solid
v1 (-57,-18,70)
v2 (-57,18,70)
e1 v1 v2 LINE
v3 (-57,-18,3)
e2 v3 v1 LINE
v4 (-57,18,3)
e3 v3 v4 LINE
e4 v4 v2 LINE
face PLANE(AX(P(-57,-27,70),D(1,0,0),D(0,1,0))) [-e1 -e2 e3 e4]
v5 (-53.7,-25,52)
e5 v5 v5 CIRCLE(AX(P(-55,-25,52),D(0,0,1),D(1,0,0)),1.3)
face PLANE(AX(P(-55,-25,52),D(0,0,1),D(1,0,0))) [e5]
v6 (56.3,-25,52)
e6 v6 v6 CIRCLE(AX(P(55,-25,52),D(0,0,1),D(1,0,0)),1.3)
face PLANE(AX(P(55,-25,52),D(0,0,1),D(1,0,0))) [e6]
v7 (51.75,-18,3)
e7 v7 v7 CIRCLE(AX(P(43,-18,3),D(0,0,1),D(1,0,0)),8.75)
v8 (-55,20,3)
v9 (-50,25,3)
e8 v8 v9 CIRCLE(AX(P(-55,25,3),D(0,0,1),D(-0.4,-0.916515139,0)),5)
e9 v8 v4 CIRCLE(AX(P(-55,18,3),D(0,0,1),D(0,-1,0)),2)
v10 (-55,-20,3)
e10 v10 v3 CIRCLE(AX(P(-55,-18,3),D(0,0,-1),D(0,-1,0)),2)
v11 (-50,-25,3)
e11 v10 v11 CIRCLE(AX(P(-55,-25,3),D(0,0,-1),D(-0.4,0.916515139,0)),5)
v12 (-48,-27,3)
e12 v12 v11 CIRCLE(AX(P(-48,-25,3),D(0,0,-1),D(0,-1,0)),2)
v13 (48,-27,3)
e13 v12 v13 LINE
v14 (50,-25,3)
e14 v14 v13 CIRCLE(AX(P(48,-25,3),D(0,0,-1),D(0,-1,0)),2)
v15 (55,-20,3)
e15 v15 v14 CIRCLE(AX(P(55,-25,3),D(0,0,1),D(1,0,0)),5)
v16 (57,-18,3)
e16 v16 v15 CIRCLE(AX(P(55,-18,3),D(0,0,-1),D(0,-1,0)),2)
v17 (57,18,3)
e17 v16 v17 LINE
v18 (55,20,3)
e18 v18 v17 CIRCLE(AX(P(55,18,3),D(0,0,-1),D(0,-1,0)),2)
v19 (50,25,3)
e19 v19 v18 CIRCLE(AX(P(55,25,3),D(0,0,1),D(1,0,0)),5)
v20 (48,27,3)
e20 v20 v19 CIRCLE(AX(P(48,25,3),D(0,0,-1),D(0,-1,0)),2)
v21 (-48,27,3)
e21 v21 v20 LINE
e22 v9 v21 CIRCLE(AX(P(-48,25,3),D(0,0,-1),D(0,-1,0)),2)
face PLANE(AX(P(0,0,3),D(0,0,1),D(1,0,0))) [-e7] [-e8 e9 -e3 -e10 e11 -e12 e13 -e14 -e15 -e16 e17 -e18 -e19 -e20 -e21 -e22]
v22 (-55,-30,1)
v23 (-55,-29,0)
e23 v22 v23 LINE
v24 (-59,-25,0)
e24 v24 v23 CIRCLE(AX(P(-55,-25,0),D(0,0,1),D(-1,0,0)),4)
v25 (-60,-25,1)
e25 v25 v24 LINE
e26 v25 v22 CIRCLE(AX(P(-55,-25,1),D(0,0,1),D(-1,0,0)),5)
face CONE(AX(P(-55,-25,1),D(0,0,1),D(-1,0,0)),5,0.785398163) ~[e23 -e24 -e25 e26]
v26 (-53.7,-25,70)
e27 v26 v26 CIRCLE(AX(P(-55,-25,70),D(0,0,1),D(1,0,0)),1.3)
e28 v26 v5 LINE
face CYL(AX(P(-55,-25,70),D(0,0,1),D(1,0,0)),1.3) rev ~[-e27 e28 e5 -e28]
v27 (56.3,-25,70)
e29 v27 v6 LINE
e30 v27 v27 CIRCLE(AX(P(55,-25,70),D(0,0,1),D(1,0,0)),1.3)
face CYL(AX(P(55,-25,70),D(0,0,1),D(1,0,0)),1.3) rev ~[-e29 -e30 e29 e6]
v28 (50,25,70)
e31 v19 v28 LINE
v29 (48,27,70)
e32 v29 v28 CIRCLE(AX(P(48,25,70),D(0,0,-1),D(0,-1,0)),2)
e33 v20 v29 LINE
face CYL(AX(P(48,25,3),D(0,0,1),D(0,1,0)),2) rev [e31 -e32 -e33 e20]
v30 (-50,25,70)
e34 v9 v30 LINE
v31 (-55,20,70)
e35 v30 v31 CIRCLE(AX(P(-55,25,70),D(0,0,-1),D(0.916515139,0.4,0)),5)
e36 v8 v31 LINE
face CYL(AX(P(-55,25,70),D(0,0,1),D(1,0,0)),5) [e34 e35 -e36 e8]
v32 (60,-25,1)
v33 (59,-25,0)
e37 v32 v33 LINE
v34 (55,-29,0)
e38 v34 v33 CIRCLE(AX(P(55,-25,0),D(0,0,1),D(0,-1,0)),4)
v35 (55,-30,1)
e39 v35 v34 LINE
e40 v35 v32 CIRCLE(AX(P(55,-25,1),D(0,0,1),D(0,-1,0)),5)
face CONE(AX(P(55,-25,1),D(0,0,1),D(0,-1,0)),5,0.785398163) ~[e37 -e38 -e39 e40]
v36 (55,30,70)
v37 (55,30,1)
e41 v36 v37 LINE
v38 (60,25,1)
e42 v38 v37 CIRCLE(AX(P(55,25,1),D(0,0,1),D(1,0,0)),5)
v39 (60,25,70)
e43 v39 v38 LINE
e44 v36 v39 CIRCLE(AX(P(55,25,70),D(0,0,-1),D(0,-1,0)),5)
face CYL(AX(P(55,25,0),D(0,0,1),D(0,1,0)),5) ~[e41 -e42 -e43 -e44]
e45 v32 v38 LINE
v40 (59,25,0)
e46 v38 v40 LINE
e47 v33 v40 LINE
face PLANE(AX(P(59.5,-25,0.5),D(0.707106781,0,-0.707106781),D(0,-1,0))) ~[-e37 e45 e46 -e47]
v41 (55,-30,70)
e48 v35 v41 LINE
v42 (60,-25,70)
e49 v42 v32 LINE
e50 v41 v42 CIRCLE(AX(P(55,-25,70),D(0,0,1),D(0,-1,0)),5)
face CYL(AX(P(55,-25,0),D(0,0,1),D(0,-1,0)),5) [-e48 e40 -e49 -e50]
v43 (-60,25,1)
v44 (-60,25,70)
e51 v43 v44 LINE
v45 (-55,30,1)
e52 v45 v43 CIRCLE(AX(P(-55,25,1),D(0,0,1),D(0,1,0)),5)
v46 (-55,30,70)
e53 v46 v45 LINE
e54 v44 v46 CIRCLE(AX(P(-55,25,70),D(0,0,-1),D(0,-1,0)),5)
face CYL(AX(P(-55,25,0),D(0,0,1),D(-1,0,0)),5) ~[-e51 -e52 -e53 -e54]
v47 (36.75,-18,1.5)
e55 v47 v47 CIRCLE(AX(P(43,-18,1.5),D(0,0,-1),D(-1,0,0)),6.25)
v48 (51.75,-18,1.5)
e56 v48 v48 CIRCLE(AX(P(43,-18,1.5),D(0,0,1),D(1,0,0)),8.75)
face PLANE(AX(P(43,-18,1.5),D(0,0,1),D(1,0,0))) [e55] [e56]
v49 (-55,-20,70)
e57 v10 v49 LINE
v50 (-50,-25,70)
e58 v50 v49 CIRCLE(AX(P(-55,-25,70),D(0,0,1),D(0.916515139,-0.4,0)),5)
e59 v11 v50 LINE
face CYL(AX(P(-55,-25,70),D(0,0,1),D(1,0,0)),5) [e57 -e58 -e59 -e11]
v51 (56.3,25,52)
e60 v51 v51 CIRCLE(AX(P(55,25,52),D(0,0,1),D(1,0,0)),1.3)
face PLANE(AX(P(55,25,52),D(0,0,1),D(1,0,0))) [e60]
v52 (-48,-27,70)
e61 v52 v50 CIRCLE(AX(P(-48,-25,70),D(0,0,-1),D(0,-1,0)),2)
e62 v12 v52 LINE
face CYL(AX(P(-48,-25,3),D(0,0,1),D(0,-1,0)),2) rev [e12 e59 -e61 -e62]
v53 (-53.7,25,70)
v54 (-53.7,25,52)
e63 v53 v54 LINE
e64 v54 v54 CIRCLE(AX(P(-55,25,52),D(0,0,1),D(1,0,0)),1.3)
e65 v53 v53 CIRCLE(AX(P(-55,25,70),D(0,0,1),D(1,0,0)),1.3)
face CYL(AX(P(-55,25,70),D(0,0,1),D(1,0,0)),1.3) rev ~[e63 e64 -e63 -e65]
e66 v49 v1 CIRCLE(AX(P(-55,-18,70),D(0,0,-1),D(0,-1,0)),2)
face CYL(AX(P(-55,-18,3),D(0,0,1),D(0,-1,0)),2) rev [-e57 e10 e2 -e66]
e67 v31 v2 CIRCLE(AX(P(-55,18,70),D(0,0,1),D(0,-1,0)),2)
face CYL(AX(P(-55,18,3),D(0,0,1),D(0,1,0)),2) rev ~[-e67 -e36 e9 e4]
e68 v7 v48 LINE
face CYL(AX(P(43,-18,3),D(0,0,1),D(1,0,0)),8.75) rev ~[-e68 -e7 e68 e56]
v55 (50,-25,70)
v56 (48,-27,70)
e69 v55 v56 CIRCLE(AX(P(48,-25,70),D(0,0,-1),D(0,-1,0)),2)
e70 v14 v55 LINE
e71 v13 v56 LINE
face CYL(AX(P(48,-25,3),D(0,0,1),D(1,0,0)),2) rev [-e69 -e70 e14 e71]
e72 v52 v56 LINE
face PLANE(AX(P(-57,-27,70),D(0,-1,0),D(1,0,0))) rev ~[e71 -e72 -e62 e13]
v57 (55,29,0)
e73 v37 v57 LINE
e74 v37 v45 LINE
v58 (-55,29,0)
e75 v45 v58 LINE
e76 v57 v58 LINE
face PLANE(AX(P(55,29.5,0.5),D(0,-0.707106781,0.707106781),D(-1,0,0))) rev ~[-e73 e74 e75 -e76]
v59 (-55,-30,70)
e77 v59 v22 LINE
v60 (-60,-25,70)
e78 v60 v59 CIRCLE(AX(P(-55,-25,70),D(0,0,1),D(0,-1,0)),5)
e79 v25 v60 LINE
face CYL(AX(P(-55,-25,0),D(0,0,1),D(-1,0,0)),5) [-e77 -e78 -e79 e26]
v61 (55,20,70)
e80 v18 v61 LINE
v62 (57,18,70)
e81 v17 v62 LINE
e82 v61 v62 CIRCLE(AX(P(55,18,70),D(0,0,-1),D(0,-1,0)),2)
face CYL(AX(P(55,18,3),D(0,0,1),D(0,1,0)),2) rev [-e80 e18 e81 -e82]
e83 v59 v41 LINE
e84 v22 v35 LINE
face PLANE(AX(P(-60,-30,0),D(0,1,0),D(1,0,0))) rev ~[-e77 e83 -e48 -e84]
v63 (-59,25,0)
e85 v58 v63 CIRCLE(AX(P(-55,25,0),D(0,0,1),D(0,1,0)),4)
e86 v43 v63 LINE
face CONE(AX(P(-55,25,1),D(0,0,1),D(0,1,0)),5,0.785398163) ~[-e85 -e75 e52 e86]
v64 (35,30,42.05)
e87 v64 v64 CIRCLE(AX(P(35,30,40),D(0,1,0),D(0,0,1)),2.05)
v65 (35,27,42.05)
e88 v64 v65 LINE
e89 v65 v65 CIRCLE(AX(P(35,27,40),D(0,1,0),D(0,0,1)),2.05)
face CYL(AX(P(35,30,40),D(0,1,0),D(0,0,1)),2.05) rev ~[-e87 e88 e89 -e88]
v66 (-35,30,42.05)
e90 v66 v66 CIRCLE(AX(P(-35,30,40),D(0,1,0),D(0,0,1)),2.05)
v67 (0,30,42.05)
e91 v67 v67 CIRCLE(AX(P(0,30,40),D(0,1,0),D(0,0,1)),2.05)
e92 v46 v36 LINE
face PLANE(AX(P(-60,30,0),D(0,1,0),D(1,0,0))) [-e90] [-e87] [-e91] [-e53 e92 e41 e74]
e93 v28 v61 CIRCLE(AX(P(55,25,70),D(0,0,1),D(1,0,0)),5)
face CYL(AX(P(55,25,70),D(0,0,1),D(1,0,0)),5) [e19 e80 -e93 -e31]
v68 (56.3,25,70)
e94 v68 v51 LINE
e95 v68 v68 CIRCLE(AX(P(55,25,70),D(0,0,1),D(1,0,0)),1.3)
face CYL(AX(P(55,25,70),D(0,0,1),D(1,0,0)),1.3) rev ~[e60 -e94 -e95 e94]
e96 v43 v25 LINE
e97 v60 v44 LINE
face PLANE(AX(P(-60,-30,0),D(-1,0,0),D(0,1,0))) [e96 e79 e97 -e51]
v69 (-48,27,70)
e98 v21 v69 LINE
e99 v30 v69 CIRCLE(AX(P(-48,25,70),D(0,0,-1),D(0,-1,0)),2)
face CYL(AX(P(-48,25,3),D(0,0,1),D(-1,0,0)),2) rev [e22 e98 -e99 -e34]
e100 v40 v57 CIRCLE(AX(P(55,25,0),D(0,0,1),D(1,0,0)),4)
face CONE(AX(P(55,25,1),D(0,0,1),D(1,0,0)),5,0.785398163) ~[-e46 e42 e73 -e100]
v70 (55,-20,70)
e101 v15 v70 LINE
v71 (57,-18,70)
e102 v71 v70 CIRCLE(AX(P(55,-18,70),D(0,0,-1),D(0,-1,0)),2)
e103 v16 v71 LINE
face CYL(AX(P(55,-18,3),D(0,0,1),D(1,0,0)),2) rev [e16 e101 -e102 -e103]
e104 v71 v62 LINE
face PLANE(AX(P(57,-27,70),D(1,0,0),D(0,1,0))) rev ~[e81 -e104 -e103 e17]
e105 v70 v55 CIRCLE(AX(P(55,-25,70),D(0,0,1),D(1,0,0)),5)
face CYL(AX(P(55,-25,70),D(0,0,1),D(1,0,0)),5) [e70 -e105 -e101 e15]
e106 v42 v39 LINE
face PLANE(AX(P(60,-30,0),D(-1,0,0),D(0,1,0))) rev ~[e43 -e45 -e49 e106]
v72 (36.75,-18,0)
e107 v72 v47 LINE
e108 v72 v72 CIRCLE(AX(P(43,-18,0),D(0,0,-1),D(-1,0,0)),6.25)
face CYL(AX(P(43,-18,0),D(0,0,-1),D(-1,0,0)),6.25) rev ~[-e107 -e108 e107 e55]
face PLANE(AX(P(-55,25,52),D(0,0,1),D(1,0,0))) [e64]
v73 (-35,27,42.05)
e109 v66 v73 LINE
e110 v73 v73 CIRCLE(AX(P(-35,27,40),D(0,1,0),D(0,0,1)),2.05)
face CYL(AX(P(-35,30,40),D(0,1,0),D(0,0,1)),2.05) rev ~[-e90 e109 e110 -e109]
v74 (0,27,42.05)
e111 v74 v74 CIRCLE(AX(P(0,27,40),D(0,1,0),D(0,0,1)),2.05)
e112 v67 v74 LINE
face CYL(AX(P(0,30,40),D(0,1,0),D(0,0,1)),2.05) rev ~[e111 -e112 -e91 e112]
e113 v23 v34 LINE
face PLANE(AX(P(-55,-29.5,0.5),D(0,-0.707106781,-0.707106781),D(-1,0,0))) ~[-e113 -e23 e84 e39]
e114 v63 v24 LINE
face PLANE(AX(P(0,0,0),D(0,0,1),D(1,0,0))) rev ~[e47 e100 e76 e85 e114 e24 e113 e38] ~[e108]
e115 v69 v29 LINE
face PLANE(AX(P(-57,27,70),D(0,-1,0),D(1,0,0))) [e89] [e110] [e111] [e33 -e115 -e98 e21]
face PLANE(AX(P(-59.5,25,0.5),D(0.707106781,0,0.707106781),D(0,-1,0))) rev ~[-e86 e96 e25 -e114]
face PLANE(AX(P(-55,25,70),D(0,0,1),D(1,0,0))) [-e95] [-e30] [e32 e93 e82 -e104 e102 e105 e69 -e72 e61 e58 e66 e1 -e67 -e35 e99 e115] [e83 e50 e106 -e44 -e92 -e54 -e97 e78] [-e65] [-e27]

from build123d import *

# Parameters (mm, degrees)
SKETCH1_W           = 120
SKETCH1_H           = 60
BOSS_EXTRUDE1_DEPTH = 70
SKETCH2_W           = 114
SKETCH2_H           = 54
CUT_EXTRUDE1_DEPTH  = 67
FILLET3_R           = 5
FILLET4_R           = 2
SKETCH4_R           = 5
BOSS_EXTRUDE3_DEPTH = 67
FILLET5_R           = 2
SKETCH5_R           = 1.3
CUT_EXTRUDE2_DEPTH  = 18
SKETCH6_R           = 2.05
CUT_EXTRUDE3_DEPTH  = 3
CHAMFER2_SIZE       = 1
SKETCH7_R           = 6.25
CUT_EXTRUDE4_DEPTH  = 97.953597148
SKETCH8_R           = 8.75
CUT_EXTRUDE5_DEPTH  = 1.5


with BuildPart() as part:
    # Sketch1 → Boss-Extrude1 (new body)
    with BuildSketch(Plane.XY):
        Rectangle(SKETCH1_W, SKETCH1_H)
    extrude(amount=BOSS_EXTRUDE1_DEPTH)

    # Sketch2 → Cut-Extrude1 (cut)
    with BuildSketch(Plane.XY.offset(70)):
        Rectangle(SKETCH2_W, SKETCH2_H)
    extrude(amount=-CUT_EXTRUDE1_DEPTH, mode=Mode.SUBTRACT)

    # Fillet3
    fillet3_edges = [part.edges().sort_by_distance(p)[0] for p in [
        (60, -30, 35),
        (-60, -30, 35),
        (-60, 30, 35),
        (60, 30, 35),
    ]]
    fillet(fillet3_edges, radius=FILLET3_R)

    # Fillet4
    fillet4_edges = [part.edges().sort_by_distance(p)[0] for p in [
        (57, 27, 36.5),
        (57, -27, 36.5),
        (-57, -27, 36.5),
        (-57, 27, 36.5),
    ]]
    fillet(fillet4_edges, radius=FILLET4_R)

    # Sketch4 → Boss-Extrude3 (add)
    with BuildSketch(Plane.XY.offset(70)):
        with Locations((-55, 25)):
            Circle(SKETCH4_R)
        with Locations((55, 25)):
            Circle(SKETCH4_R)
        with Locations((55, -25)):
            Circle(SKETCH4_R)
        with Locations((-55, -25)):
            Circle(SKETCH4_R)
    extrude(amount=-BOSS_EXTRUDE3_DEPTH)

    # Fillet5
    fillet5_edges = [part.edges().sort_by_distance(p)[0] for p in [
        (-50.417424305, -27, 36.5),
        (-57, -20.417424305, 36.5),
        (57, -20.417424305, 36.5),
        (50.417424305, -27, 36.5),
        (50.417424305, 27, 36.5),
        (57, 20.417424305, 36.5),
        (-57, 20.417424305, 36.5),
        (-50.417424305, 27, 36.5),
    ]]
    fillet(fillet5_edges, radius=FILLET5_R)

    # Sketch5 → Cut-Extrude2 (cut)
    with BuildSketch(Plane.XY.offset(70)):
        with Locations((-55, 25)):
            Circle(SKETCH5_R)
        with Locations((55, 25)):
            Circle(SKETCH5_R)
        with Locations((55, -25)):
            Circle(SKETCH5_R)
        with Locations((-55, -25)):
            Circle(SKETCH5_R)
    extrude(amount=-CUT_EXTRUDE2_DEPTH, mode=Mode.SUBTRACT)

    # Sketch6 → Cut-Extrude3 (cut)
    with BuildSketch(Plane(origin=(0, 30, 0), x_dir=(1, 0, 0), z_dir=(0, 1, 0))):
        with Locations(Location((0, -40, 0), (0, 0, 270))):
            Circle(SKETCH6_R)
        with Locations(Location((35, -40, 0), (0, 0, 270))):
            Circle(SKETCH6_R)
        with Locations(Location((-35, -40, 0), (0, 0, 270))):
            Circle(SKETCH6_R)
    extrude(amount=-CUT_EXTRUDE3_DEPTH, mode=Mode.SUBTRACT)

    # Chamfer2
    chamfer2_edges = [part.edges().sort_by_distance(p)[0] for p in [
        (0, -30, 0),
        (60, 0, 0),
        (-60, 0, 0),
        (0, 30, 0),
        (-58.535533906, 28.535533906, 0),
        (58.535533906, 28.535533906, 0),
        (58.535533906, -28.535533906, 0),
        (-58.535533906, -28.535533906, 0),
    ]]
    chamfer(chamfer2_edges, length=CHAMFER2_SIZE)

    # Sketch7 → Cut-Extrude4 (cut, through all)
    with BuildSketch(Plane(origin=(0, 0, 0), x_dir=(-1, 0, 0), z_dir=(0, 0, -1))):
        with Locations((-43, -18)):
            Circle(SKETCH7_R)
    extrude(amount=-CUT_EXTRUDE4_DEPTH, mode=Mode.SUBTRACT)

    # Sketch8 → Cut-Extrude5 (cut)
    with BuildSketch(Plane.XY.offset(3)):
        with Locations((43, -18)):
            Circle(SKETCH8_R)
    extrude(amount=-CUT_EXTRUDE5_DEPTH, mode=Mode.SUBTRACT)


solid = part.part
